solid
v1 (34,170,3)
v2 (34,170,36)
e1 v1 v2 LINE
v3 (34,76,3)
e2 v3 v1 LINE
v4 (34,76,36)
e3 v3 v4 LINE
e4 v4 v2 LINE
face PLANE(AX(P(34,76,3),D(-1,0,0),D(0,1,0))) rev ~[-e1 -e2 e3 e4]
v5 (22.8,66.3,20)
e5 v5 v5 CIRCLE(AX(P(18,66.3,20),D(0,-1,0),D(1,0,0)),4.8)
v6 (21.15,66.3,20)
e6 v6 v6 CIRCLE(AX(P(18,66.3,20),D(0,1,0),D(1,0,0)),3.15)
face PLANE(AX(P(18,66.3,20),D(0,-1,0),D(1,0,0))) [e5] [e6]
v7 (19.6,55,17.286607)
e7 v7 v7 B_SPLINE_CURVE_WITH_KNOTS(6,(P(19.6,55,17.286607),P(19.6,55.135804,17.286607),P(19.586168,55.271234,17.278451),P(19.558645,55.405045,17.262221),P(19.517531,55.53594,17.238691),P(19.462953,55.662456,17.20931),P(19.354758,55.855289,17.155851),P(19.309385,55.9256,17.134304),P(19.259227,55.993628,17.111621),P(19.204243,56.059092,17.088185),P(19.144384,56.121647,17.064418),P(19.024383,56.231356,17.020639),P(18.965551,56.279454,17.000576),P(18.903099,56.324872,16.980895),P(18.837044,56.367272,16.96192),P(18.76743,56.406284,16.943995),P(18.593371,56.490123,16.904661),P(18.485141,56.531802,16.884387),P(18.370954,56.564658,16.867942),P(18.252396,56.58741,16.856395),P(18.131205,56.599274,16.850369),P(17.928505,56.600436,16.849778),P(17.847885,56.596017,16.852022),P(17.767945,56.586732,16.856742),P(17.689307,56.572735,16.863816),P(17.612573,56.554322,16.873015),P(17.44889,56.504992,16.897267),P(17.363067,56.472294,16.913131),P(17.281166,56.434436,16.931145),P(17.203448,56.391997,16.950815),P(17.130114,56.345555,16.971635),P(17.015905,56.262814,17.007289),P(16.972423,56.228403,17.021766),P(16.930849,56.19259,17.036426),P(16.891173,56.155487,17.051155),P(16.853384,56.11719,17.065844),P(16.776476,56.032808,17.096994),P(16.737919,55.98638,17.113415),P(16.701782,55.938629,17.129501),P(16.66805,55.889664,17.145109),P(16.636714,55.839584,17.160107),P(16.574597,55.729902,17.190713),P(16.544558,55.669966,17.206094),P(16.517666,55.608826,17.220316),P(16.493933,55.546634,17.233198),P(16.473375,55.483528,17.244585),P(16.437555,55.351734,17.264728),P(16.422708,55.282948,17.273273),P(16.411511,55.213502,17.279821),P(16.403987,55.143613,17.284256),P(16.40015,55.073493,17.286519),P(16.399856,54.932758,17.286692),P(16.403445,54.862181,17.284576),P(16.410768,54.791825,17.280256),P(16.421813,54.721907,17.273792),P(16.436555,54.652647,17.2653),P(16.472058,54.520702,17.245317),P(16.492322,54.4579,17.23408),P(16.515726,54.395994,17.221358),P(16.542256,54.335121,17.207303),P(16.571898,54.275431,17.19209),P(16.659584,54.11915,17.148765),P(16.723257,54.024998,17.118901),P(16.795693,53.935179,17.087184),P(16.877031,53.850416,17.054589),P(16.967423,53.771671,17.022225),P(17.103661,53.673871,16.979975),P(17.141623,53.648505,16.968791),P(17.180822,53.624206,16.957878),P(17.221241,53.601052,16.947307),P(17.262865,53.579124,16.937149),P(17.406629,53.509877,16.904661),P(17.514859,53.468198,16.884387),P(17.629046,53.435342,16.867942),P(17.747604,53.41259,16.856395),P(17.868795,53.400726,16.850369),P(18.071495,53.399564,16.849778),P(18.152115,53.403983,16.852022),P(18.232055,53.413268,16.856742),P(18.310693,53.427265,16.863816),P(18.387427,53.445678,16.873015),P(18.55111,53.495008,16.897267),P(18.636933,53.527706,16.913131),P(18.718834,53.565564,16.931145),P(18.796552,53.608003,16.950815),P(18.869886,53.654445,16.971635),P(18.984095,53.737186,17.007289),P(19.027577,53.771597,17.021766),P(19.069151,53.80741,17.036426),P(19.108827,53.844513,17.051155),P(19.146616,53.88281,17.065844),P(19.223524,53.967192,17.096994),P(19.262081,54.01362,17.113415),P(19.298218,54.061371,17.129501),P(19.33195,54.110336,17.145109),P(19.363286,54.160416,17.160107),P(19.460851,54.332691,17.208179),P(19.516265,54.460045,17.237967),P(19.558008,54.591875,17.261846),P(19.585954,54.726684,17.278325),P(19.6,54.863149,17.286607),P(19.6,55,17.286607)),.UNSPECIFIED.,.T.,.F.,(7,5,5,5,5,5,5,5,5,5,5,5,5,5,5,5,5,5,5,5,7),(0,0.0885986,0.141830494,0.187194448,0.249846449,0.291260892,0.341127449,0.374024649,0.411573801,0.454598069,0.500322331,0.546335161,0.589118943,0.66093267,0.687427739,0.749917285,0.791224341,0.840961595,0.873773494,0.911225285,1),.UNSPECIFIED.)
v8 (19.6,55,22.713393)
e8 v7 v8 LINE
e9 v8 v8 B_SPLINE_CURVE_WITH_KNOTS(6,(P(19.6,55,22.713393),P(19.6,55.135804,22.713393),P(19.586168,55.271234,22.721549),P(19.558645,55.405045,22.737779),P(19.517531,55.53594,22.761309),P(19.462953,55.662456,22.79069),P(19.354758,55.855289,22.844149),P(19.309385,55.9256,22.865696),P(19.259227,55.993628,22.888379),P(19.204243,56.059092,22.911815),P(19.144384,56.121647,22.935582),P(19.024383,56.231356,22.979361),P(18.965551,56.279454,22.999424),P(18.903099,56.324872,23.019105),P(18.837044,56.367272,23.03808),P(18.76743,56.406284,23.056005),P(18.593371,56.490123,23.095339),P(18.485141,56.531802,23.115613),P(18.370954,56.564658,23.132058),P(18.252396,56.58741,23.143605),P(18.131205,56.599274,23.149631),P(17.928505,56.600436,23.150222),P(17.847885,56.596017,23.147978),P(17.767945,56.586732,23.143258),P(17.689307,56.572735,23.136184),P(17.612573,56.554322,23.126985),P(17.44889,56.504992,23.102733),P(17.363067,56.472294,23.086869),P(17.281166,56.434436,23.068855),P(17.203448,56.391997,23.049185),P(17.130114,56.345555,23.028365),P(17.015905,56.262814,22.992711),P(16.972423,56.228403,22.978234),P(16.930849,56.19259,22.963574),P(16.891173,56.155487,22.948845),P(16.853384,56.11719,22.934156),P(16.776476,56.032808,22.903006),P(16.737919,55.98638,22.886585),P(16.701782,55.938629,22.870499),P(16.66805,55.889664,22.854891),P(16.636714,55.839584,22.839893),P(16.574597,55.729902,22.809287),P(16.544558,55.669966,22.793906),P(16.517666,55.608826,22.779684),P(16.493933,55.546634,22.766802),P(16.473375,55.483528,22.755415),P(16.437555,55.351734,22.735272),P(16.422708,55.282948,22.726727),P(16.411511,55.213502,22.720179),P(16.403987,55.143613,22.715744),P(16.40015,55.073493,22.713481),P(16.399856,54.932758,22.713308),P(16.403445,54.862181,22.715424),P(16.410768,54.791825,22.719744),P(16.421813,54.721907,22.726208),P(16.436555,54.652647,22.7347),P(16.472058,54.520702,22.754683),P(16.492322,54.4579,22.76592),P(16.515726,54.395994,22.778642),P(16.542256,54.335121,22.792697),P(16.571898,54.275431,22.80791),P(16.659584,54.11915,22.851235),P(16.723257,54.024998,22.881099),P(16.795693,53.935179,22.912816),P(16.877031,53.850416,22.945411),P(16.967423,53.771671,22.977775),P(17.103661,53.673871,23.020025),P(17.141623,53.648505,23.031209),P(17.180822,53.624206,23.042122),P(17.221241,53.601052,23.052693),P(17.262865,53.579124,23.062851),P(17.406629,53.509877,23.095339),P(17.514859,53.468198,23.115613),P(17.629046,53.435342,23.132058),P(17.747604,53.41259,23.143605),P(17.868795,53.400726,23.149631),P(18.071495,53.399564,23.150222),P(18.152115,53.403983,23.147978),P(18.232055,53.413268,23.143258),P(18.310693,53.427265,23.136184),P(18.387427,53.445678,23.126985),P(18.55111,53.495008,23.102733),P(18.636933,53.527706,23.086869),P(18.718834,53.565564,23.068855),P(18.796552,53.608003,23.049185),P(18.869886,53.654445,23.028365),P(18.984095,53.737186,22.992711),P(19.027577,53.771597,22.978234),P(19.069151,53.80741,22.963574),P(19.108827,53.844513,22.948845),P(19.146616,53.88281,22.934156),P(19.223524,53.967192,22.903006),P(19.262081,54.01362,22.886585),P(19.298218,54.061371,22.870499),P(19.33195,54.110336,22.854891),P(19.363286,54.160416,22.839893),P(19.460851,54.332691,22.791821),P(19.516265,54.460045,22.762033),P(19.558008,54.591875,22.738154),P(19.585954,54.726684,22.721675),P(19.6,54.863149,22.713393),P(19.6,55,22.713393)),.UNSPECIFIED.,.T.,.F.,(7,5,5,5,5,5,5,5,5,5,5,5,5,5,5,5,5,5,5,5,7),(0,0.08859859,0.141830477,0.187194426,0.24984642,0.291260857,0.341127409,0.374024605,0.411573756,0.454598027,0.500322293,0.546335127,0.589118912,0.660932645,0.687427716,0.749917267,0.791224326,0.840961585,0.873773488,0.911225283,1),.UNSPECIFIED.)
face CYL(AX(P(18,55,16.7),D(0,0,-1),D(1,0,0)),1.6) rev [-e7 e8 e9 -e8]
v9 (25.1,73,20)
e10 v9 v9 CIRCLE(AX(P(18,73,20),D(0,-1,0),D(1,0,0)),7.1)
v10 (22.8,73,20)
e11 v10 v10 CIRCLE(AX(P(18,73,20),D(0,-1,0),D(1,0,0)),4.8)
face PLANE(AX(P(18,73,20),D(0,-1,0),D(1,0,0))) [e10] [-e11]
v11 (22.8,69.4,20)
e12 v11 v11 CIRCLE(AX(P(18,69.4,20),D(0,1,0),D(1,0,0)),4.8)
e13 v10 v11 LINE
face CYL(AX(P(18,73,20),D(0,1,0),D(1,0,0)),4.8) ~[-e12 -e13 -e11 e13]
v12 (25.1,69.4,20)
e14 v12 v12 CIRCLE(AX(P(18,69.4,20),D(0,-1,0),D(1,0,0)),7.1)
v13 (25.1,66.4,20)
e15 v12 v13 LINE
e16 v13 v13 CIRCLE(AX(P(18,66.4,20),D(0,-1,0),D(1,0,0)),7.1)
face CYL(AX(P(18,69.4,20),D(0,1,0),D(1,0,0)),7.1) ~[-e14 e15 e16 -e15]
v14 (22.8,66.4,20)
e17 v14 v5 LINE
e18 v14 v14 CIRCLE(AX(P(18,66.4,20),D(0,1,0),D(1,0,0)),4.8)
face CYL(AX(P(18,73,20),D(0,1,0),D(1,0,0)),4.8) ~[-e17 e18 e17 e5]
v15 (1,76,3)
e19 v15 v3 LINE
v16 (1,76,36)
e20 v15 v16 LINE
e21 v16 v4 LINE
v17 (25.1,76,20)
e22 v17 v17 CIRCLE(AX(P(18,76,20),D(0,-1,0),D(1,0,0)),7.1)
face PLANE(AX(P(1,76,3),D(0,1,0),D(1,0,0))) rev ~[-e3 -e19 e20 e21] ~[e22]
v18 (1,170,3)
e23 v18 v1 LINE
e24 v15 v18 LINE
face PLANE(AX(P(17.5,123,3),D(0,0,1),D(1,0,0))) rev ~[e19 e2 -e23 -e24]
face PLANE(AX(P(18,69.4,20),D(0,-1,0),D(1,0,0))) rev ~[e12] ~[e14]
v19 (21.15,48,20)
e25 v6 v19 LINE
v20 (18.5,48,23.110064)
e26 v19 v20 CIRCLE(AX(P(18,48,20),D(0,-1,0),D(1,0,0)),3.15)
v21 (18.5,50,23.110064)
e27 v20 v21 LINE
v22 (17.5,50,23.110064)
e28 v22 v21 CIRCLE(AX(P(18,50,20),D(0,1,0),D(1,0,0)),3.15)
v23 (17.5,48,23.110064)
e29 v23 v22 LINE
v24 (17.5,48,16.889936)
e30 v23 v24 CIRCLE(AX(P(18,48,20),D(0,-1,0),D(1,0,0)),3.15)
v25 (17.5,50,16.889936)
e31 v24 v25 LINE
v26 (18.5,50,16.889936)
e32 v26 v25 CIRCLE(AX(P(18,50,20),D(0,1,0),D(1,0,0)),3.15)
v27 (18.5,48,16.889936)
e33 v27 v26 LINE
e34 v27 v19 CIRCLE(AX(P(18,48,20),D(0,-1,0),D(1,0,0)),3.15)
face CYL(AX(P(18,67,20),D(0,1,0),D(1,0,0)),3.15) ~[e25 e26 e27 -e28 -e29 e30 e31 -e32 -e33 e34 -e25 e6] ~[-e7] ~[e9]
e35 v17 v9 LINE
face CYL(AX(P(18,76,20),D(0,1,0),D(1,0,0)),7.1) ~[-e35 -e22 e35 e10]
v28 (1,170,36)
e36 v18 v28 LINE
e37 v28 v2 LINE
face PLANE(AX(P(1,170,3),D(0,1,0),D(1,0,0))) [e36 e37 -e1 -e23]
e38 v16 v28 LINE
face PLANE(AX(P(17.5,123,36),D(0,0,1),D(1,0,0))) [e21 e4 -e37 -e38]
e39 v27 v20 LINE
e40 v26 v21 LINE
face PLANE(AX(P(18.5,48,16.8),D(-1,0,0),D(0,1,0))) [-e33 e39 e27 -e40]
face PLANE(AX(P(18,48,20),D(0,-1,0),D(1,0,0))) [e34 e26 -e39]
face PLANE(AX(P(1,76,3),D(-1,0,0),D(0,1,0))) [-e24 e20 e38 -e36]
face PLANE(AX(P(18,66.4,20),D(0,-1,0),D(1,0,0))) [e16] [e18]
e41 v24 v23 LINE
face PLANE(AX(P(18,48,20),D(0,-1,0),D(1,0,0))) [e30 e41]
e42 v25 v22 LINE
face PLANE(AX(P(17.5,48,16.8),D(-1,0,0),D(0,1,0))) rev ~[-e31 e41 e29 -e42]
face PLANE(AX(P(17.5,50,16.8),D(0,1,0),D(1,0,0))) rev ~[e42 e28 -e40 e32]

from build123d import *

# Parameters (mm, degrees)
BOX001_W          = 1
BOX001_H          = 2
BOX001_DEPTH      = 6.4
CYLINDER003_R     = 1.6
CYLINDER003_DEPTH = 6.5
CYLINDER001_R     = 4.8
CYLINDER001_DEPTH = 6.7
CYLINDER002_R     = 3.15
CYLINDER002_DEPTH = 19
CYLINDER004_R     = 7.1
CYLINDER004_DEPTH = 3
CYLINDER_R        = 7.1
CYLINDER_DEPTH    = 3
BOX_W             = 33
BOX_H             = 94
BOX_DEPTH         = 33


with BuildPart() as slit001:
    # Box001 → Box001 (new body)
    with BuildSketch(Plane(origin=(17.5, 48, 16.8), x_dir=(1, 0, 0), z_dir=(0, 0, 1))):
        with Locations((0.5, 1)):
            Rectangle(BOX001_W, BOX001_H)
    extrude(amount=BOX001_DEPTH)


with BuildPart() as hole001:
    # Cylinder003 → Cylinder003 (new body)
    with BuildSketch(Plane(origin=(18, 55, 16.7), x_dir=(1, 0, 0), z_dir=(0, 0, 1))):
        Circle(CYLINDER003_R)
    extrude(amount=CYLINDER003_DEPTH)


with BuildPart() as shaft002:
    # Cylinder001 → Cylinder001 (new body)
    with BuildSketch(Plane(origin=(18, 73, 20), x_dir=(1, 0, 0), z_dir=(0, -1, 0))):
        Circle(CYLINDER001_R)
    extrude(amount=CYLINDER001_DEPTH)


with BuildPart() as shaft003:
    # Cylinder002 → Cylinder002 (new body)
    with BuildSketch(Plane(origin=(18, 67, 20), x_dir=(1, 0, 0), z_dir=(0, -1, 0))):
        Circle(CYLINDER002_R)
    extrude(amount=CYLINDER002_DEPTH)


with BuildPart() as shaft004:
    # Cylinder004 → Cylinder004 (new body)
    with BuildSketch(Plane(origin=(18, 69.4, 20), x_dir=(1, 0, 0), z_dir=(0, -1, 0))):
        Circle(CYLINDER004_R)
    extrude(amount=CYLINDER004_DEPTH)


with BuildPart() as wholeshaft001:
    # Cylinder → Cylinder (new body)
    with BuildSketch(Plane(origin=(18, 76, 20), x_dir=(1, 0, 0), z_dir=(0, -1, 0))):
        Circle(CYLINDER_R)
    extrude(amount=CYLINDER_DEPTH)

    # Fusion: union shaft002, shaft003, shaft004
    add(shaft002.part)
    add(shaft003.part)
    add(shaft004.part)

    # Cut: cut hole001
    add(hole001.part, mode=Mode.SUBTRACT)

    # Cut001: cut slit001
    add(slit001.part, mode=Mode.SUBTRACT)


with BuildPart() as wholeshaft001_1:
    # Cut001 placement: moved
    add(wholeshaft001.part.moved(Location((-1, 0, -3))))


with BuildPart() as cap001:
    # Box → Box (new body)
    with BuildSketch(Plane(origin=(0, 76, 0), x_dir=(1, 0, 0), z_dir=(0, 0, 1))):
        with Locations((16.5, 47)):
            Rectangle(BOX_W, BOX_H)
    extrude(amount=BOX_DEPTH)

    # Fusion001: union wholeShaft001
    add(wholeshaft001_1.part)


with BuildPart() as cap001_1:
    # Fusion001 placement: moved
    add(cap001.part.moved(Location((1, 0, 3))))


solid = cap001_1.part
